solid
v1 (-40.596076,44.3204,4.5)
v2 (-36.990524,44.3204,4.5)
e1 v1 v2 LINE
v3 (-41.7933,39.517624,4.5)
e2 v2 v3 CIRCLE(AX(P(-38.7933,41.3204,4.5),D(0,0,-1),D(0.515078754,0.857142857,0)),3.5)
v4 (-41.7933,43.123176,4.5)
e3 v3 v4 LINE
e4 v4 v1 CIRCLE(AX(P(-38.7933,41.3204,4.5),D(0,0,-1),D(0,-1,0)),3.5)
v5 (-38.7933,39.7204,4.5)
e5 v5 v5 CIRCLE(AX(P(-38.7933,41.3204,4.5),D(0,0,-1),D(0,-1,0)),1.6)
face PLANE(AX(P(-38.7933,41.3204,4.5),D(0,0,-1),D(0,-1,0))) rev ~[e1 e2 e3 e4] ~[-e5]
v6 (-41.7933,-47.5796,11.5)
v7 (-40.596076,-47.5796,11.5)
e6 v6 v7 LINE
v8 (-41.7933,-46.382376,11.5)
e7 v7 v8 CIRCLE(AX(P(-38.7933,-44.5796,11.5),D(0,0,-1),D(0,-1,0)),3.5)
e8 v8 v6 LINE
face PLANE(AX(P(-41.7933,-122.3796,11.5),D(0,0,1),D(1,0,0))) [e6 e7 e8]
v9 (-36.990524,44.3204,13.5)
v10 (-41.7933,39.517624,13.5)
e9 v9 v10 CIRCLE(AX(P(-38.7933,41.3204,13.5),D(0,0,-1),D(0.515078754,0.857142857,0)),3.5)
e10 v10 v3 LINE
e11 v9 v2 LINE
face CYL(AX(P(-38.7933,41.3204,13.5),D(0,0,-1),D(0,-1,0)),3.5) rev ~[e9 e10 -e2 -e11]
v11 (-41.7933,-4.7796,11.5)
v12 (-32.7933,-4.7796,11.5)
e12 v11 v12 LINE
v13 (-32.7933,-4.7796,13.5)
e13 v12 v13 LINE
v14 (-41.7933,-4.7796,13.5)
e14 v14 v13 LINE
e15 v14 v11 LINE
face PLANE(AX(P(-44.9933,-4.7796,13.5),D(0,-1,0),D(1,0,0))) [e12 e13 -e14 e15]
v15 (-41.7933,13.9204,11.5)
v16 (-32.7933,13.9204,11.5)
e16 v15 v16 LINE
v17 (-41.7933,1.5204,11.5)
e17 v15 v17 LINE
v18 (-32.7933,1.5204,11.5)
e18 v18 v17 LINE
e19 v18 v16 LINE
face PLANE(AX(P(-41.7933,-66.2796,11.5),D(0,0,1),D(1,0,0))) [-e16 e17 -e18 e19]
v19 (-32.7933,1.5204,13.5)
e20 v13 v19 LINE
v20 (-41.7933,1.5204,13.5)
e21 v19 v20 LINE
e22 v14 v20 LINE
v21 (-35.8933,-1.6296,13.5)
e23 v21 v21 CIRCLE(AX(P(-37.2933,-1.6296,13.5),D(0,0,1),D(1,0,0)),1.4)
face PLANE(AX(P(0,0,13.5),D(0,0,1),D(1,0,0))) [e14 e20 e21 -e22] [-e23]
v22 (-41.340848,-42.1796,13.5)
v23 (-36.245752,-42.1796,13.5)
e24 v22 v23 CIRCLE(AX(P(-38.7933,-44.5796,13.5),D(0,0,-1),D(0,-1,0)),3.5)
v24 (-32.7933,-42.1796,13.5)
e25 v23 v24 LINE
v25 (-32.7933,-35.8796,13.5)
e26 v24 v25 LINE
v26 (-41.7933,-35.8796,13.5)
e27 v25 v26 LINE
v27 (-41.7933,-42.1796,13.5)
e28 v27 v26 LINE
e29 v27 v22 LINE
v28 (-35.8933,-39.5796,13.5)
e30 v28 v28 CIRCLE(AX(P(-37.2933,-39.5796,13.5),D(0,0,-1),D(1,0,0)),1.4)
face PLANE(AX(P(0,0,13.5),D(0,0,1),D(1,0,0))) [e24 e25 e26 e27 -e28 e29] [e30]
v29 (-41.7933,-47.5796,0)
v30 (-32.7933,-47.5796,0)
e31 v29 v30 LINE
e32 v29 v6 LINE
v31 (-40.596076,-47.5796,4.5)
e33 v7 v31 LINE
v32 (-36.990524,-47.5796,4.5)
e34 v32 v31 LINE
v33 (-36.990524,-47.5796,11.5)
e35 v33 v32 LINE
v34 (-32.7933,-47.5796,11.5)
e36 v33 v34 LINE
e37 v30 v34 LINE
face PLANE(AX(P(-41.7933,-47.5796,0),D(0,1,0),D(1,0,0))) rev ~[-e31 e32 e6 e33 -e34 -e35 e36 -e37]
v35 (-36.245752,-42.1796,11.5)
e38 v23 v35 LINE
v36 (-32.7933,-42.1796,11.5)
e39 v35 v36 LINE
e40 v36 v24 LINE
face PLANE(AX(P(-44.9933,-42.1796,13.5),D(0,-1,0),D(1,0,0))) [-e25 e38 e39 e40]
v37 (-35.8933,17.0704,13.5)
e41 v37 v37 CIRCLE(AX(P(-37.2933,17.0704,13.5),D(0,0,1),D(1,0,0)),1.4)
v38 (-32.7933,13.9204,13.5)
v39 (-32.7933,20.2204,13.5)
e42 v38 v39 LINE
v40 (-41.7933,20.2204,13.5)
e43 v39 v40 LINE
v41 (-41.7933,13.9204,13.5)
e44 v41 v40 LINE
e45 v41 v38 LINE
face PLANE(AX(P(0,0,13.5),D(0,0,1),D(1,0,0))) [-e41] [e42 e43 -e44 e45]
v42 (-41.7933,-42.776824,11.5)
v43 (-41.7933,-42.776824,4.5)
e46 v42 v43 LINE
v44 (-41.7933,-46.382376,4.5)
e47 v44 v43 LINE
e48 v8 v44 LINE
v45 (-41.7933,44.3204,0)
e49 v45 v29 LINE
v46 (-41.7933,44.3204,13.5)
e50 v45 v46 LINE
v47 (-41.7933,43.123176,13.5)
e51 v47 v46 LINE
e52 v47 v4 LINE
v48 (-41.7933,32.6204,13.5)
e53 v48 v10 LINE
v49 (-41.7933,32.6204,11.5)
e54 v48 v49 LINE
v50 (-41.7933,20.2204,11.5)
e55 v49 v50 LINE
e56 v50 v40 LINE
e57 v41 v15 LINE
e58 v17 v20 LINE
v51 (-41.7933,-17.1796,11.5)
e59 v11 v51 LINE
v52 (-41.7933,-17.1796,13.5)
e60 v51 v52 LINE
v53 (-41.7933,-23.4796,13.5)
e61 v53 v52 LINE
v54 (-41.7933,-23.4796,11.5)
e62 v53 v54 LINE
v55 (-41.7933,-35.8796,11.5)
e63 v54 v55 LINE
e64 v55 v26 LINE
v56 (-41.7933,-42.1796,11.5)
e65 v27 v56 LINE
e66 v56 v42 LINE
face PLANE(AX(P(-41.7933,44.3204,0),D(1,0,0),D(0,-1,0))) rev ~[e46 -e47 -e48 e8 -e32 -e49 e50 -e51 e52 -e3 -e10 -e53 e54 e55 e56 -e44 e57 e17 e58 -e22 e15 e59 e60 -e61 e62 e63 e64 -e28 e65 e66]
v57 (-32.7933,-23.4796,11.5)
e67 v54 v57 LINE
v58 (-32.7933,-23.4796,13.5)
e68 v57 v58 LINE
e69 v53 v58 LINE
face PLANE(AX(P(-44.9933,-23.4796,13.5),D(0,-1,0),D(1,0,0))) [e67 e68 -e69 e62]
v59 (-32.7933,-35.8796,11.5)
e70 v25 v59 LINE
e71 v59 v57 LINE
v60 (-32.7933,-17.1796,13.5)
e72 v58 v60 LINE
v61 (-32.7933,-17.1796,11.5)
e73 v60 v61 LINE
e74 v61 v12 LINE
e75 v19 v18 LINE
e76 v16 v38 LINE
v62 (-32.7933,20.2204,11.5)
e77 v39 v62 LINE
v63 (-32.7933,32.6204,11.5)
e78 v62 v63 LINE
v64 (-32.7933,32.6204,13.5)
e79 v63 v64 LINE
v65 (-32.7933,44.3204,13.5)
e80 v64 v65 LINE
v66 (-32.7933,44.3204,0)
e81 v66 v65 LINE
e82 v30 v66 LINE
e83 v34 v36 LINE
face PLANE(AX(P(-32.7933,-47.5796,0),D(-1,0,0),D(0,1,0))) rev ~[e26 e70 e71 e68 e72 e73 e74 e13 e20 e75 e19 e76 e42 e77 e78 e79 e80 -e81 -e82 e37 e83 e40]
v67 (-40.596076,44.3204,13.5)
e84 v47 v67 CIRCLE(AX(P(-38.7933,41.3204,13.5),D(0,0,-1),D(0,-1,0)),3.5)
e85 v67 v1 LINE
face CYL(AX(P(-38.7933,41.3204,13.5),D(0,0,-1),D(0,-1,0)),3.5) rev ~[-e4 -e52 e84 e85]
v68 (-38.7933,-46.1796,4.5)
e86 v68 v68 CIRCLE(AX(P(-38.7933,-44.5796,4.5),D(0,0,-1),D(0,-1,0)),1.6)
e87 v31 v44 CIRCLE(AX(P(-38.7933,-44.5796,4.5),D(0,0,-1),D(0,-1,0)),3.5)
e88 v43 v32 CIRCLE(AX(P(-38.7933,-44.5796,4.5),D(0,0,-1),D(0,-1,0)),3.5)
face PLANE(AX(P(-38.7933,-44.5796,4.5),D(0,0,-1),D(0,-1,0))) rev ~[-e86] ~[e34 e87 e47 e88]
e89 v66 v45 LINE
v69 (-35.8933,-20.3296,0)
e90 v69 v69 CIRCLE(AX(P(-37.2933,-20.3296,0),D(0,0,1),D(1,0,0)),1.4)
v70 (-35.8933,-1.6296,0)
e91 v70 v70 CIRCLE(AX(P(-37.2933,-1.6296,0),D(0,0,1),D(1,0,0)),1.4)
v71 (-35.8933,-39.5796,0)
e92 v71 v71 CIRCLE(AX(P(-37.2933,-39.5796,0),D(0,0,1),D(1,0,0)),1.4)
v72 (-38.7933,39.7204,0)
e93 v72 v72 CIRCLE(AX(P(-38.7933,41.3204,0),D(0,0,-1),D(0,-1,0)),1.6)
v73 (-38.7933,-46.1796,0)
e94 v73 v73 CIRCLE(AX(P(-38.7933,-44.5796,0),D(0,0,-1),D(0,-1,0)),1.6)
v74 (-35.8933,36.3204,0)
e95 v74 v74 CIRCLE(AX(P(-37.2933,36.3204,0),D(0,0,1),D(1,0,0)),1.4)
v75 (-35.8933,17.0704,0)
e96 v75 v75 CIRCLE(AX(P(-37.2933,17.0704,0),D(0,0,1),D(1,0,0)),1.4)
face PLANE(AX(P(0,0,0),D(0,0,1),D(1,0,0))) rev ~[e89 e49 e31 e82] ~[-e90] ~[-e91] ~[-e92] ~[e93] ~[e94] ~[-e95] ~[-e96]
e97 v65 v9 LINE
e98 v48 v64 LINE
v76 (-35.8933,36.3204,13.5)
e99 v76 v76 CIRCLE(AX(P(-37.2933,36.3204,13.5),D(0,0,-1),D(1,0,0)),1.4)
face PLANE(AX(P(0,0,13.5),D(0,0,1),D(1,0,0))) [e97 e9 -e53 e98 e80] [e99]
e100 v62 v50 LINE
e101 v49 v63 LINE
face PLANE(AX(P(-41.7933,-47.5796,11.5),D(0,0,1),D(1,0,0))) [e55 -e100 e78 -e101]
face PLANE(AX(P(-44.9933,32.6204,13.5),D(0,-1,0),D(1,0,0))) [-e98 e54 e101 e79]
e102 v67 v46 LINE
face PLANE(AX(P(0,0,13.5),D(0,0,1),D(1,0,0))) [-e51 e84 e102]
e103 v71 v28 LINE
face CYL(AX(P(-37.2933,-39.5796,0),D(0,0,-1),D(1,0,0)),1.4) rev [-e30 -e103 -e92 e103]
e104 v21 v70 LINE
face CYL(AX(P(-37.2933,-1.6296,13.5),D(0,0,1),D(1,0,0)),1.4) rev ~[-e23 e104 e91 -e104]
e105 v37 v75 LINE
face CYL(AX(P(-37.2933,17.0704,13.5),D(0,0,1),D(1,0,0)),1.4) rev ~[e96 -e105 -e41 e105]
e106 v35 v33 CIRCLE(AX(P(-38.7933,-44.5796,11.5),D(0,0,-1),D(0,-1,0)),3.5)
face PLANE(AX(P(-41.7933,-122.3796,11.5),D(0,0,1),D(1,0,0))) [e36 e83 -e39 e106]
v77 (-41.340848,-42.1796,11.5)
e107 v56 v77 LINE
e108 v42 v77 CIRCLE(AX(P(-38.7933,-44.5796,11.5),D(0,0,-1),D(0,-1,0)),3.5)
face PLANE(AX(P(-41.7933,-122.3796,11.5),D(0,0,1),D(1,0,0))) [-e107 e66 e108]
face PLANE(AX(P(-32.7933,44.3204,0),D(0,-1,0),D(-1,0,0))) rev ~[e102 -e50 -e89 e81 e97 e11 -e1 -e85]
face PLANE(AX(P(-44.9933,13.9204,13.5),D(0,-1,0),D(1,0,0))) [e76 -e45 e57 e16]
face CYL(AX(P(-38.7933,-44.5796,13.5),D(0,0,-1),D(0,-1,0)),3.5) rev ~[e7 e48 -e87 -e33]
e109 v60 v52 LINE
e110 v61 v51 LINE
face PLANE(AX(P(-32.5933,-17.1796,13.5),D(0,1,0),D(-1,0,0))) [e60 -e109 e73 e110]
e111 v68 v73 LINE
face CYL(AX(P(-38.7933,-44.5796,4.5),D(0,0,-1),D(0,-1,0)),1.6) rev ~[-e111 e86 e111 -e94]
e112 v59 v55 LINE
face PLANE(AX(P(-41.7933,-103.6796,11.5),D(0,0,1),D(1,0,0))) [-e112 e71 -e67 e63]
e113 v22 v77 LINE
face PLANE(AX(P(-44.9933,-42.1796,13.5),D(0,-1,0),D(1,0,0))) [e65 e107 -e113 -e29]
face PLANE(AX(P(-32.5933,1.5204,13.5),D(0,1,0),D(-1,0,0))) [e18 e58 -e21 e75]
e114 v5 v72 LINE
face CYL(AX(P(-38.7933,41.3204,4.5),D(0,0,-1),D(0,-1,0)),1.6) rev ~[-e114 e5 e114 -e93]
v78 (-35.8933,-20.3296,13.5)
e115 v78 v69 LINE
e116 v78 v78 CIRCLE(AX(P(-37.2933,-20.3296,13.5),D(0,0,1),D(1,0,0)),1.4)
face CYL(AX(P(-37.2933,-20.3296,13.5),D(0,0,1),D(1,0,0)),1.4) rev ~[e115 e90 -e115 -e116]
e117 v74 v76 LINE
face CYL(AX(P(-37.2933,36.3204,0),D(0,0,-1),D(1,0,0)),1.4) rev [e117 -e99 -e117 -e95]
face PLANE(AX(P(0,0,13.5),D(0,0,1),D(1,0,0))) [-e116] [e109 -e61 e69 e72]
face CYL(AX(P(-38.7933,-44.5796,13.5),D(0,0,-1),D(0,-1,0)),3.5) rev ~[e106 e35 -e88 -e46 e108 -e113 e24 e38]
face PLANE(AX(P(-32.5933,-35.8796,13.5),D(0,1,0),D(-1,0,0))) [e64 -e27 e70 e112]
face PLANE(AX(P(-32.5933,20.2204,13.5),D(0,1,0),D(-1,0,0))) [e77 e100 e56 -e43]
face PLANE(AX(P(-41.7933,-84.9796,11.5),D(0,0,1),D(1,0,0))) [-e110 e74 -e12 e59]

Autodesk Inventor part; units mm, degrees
ref_plane "YZ Plane" through (0, 0, 0) normal (1, 0, 0) x (0, 1, 0)
ref_plane "XZ Plane" through (0, 0, 0) normal (0, 1, 0) x (-1, 0, 0)
ref_plane "Arbeitsebene1" through (0, 0, 0) normal (0, 0, 1) x (1, 0, 0)
sketch "Skizze1" plane through (0, 0, 0) normal (0, 0, 1) x (1, 0, 0)
  line L0 (-69.421, 36.3204) -> (-72.421, 39.3204) projected
  line L1 (-69.421, 36.3204) -> (-60.421, 36.3204) projected
  line L2 (-57.421, 33.3204) -> (-60.421, 36.3204) projected
  line L3 (-57.421, 33.3204) -> (-57.421, -36.5796) projected
  line L4 (-60.421, -39.5796) -> (-57.421, -36.5796) projected
  line L5 (-60.421, -39.5796) -> (-69.421, -39.5796) projected
  line L6 (-72.421, -42.5796) -> (-69.421, -39.5796) projected
  line L7 (-72.421, -42.5796) -> (-72.421, -47.4152) projected
  arc A0 (-72.421, -47.4152) -> (-68.421, -51.4152) centre (-68.421, -47.4152) ccw projected
  line L8 (-68.421, -51.4152) -> (68.421, -51.4152) projected
  arc A1 (68.421, -51.4152) -> (72.421, -47.4152) centre (68.421, -47.4152) ccw projected
  line L9 (72.421, -47.4152) -> (72.421, -42.5796) projected
  line L10 (69.421, -39.5796) -> (72.421, -42.5796) projected
  line L11 (69.421, -39.5796) -> (65.421, -39.5796) projected
  line L12 (62.421, -36.5796) -> (65.421, -39.5796) projected
  line L13 (62.421, -36.5796) -> (62.421, 33.3204) projected
  line L14 (65.421, 36.3204) -> (62.421, 33.3204) projected
  line L15 (65.421, 36.3204) -> (69.421, 36.3204) projected
  line L16 (72.421, 39.3204) -> (69.421, 36.3204) projected
  line L17 (72.421, 39.3204) -> (72.421, 47.4152) projected
  arc A2 (72.421, 47.4152) -> (68.421, 51.4152) centre (68.421, 47.4152) ccw projected
  line L18 (68.421, 51.4152) -> (-68.421, 51.4152) projected
  arc A3 (-68.421, 51.4152) -> (-72.421, 47.4152) centre (-68.421, 47.4152) ccw projected
  line L19 (-72.421, 47.4152) -> (-72.421, 39.3204) projected
  circle A4 centre (68.921, 47.9152) radius 1.4 projected
  circle A5 centre (68.921, -47.9152) radius 1.4 projected
  circle A6 centre (-68.921, -47.9152) radius 1.4 projected
  circle A7 centre (-68.921, 47.9152) radius 1.5 projected
  circle A8 centre (-38.7933, -44.5796) radius 1.4 projected
  circle A9 centre (-38.7933, 41.3204) radius 1.4 projected
  line L20 (-48.1034, 36.3204) -> (-38.1034, 36.3204) projected
  line L21 (-38.1034, 36.3204) -> (-38.1034, -39.5796) projected
  line L22 (-38.1034, -39.5796) -> (-48.1034, -39.5796) projected
  line L23 (-48.1034, -39.5796) -> (-48.1034, 36.3204) projected
  circle A10 centre (-20.0933, 41.3204) radius 1.4 projected
  circle A11 centre (-20.0933, -44.5796) radius 1.4 projected
  line L24 (-19.4034, -39.5796) -> (-29.4034, -39.5796) projected
  line L25 (-29.4034, -39.5796) -> (-29.4034, 36.3204) projected
  line L26 (-29.4034, 36.3204) -> (-19.4034, 36.3204) projected
  line L27 (-19.4034, 36.3204) -> (-19.4034, -39.5796) projected
  circle A12 centre (-1.3933, 41.3204) radius 1.4 projected
  circle A13 centre (-1.3933, -44.5796) radius 1.4 projected
  line L28 (-0.7034, -39.5796) -> (-10.7034, -39.5796) projected
  line L29 (-10.7034, -39.5796) -> (-10.7034, 36.3204) projected
  line L30 (-10.7034, 36.3204) -> (-0.7034, 36.3204) projected
  line L31 (-0.7034, 36.3204) -> (-0.7034, -39.5796) projected
  circle A14 centre (17.3067, 41.3204) radius 1.4 projected
  circle A15 centre (17.3067, -44.5796) radius 1.4 projected
  line L32 (17.9966, -39.5796) -> (7.9966, -39.5796) projected
  line L33 (7.9966, -39.5796) -> (7.9966, 36.3204) projected
  line L34 (7.9966, 36.3204) -> (17.9966, 36.3204) projected
  line L35 (17.9966, 36.3204) -> (17.9966, -39.5796) projected
  circle A16 centre (36.0067, 41.3204) radius 1.4 projected
  circle A17 centre (36.0067, -44.5796) radius 1.4 projected
  line L36 (36.6966, -39.5796) -> (26.6966, -39.5796) projected
  line L37 (26.6966, -39.5796) -> (26.6966, 36.3204) projected
  line L38 (26.6966, 36.3204) -> (36.6966, 36.3204) projected
  line L39 (36.6966, 36.3204) -> (36.6966, -39.5796) projected
  circle A18 centre (54.7067, 41.3204) radius 1.4 projected
  circle A19 centre (54.7067, -44.5796) radius 1.4 projected
  line L40 (55.3966, -39.5796) -> (45.3966, -39.5796) projected
  line L41 (45.3966, -39.5796) -> (45.3966, 36.3204) projected
  line L42 (45.3966, 36.3204) -> (55.3966, 36.3204) projected
  line L43 (55.3966, 36.3204) -> (55.3966, -39.5796) projected
  line L44 (-32.7933, 44.3204) -> (-41.7933, 44.3204)
  line L45 (-41.7933, 44.3204) -> (-41.7933, -47.5796)
  line L46 (-41.7933, -47.5796) -> (-32.7933, -47.5796)
  line L47 (-32.7933, -47.5796) -> (-32.7933, 44.3204)
  circle A20 centre (-37.2933, 36.3204) radius 1.4
  circle A21 centre (-37.2933, -39.5796) radius 1.4
  point P0 (0, 0)
  dimension "d0" = 3
  dimension "d1" = 3
  dimension "d2" = 3
  dimension "d3" = 6
  dimension "d4" = 2.8
  dimension "d5" = 2.8
ref_plane "Arbeitsebene2" through (-44.2034, 20.4204, 13.5) normal (0, 0, -1) x (0, 1, 0)
extrude "Extrusion1" add sketch "Skizze1" along normal up to surface (13.5 mm away) contours L45 L44 L47 L46 L22 A21 L21 A20 L20 | L20 A20 L21 A21 L22 L45
sketch "Skizze2" plane through (-41.7933, -47.5796, 13.5) normal (0, 0, 1) x (1, 0, 0)
  line L0 (9, 68) -> (-3, 68) projected
  line L1 (-3, 80) -> (9, 80) projected
  line L2 (-3, 61.3) -> (9, 61.3) projected
  line L3 (9, 49.3) -> (-3, 49.3) projected
  line L4 (-3, 42.6) -> (9, 42.6) projected
  line L5 (9, 30.6) -> (-3, 30.6) projected
  line L6 (-3, 23.9) -> (9, 23.9) projected
  line L7 (9, 11.9) -> (-3, 11.9) projected
  line L8 (9, 80) -> (-3, 80)
  line L9 (-3, 80) -> (-3, 68)
  line L10 (-3, 68) -> (9, 68)
  line L11 (9, 68) -> (9, 80)
  line L12 (-3.2, 67.8) -> (-3.2, 80.2)
  line L13 (-3.2, 80.2) -> (9.2, 80.2)
  line L14 (9.2, 80.2) -> (9.2, 67.8)
  line L15 (9.2, 67.8) -> (-3.2, 67.8)
  point P0 (41.7933, 47.5796)
  dimension "d8" = 0.2
extrude "Extrusion2" cut sketch "Skizze2" against normal blind 2 contours L0 L9 L1 L11 | L12 L13 L14 L15
pattern_linear "Rechteckige Anordnung1" count 5 spacing 18.7 along (0, -1, 0) of "Extrusion2"
sketch "Skizze3" plane through (-41.7933, 20.2204, 13.5) normal (0, 0, 1) x (1, 0, 0)
  line L0 (0, -6.3) -> (9, -6.3) projected
  line L1 (9, -6.3) -> (9, 0) projected
  line L2 (9, 0) -> (0, 0) projected
  line L3 (0, 0) -> (0, -6.3) projected
  line L4 (0, -25) -> (9, -25) projected
  line L5 (9, -25) -> (9, -18.7) projected
  line L6 (9, -18.7) -> (0, -18.7) projected
  line L7 (0, -18.7) -> (0, -25) projected
  line L8 (0, -43.7) -> (9, -43.7) projected
  line L9 (9, -43.7) -> (9, -37.4) projected
  line L10 (9, -37.4) -> (0, -37.4) projected
  line L11 (0, -37.4) -> (0, -43.7) projected
  circle A0 centre (4.5, -3.15) radius 1.4
  circle A1 centre (4.5, -21.85) radius 1.4
  circle A2 centre (4.5, -40.55) radius 1.4
  point P0 (41.7933, -20.2204)
  dimension "d14" = 2.8
  dimension "d15" = 2.8
  dimension "d16" = 2.8
extrude "Extrusion3" cut sketch "Skizze3" against normal through all contours A0 | A1 | A2
sketch "Skizze4" plane through (-41.7933, -42.1796, 13.5) normal (0, 0, 1) x (1, 0, 0)
  circle A0 centre (3, 83.5) radius 1.4 projected
  circle A1 centre (4.5, 78.5) radius 1.4 projected
  line L0 (0, 74.8) -> (9, 74.8) projected
  line L1 (9, 74.8) -> (9, 86.5) projected
  line L2 (9, 86.5) -> (0, 86.5) projected
  line L3 (0, 86.5) -> (0, 74.8) projected
  line L4 (9, 0) -> (9, -5.4) projected
  line L5 (0, 0) -> (9, 0) projected
  line L6 (0, -5.4) -> (0, 0) projected
  line L7 (9, -5.4) -> (0, -5.4) projected
  circle A2 centre (3, -2.4) radius 1.4 projected
  point P0 (41.7933, 42.1796)
hole "Bohrung1" at (-38.7933, 41.3204, 13.5) at (-38.7933, -44.5796, 13.5) direction (0, 0, -1) diameter 3.2 end through all counterbore diameter 7 counterbore depth 9
properties part number "Omniscope_USBC_Bar"
